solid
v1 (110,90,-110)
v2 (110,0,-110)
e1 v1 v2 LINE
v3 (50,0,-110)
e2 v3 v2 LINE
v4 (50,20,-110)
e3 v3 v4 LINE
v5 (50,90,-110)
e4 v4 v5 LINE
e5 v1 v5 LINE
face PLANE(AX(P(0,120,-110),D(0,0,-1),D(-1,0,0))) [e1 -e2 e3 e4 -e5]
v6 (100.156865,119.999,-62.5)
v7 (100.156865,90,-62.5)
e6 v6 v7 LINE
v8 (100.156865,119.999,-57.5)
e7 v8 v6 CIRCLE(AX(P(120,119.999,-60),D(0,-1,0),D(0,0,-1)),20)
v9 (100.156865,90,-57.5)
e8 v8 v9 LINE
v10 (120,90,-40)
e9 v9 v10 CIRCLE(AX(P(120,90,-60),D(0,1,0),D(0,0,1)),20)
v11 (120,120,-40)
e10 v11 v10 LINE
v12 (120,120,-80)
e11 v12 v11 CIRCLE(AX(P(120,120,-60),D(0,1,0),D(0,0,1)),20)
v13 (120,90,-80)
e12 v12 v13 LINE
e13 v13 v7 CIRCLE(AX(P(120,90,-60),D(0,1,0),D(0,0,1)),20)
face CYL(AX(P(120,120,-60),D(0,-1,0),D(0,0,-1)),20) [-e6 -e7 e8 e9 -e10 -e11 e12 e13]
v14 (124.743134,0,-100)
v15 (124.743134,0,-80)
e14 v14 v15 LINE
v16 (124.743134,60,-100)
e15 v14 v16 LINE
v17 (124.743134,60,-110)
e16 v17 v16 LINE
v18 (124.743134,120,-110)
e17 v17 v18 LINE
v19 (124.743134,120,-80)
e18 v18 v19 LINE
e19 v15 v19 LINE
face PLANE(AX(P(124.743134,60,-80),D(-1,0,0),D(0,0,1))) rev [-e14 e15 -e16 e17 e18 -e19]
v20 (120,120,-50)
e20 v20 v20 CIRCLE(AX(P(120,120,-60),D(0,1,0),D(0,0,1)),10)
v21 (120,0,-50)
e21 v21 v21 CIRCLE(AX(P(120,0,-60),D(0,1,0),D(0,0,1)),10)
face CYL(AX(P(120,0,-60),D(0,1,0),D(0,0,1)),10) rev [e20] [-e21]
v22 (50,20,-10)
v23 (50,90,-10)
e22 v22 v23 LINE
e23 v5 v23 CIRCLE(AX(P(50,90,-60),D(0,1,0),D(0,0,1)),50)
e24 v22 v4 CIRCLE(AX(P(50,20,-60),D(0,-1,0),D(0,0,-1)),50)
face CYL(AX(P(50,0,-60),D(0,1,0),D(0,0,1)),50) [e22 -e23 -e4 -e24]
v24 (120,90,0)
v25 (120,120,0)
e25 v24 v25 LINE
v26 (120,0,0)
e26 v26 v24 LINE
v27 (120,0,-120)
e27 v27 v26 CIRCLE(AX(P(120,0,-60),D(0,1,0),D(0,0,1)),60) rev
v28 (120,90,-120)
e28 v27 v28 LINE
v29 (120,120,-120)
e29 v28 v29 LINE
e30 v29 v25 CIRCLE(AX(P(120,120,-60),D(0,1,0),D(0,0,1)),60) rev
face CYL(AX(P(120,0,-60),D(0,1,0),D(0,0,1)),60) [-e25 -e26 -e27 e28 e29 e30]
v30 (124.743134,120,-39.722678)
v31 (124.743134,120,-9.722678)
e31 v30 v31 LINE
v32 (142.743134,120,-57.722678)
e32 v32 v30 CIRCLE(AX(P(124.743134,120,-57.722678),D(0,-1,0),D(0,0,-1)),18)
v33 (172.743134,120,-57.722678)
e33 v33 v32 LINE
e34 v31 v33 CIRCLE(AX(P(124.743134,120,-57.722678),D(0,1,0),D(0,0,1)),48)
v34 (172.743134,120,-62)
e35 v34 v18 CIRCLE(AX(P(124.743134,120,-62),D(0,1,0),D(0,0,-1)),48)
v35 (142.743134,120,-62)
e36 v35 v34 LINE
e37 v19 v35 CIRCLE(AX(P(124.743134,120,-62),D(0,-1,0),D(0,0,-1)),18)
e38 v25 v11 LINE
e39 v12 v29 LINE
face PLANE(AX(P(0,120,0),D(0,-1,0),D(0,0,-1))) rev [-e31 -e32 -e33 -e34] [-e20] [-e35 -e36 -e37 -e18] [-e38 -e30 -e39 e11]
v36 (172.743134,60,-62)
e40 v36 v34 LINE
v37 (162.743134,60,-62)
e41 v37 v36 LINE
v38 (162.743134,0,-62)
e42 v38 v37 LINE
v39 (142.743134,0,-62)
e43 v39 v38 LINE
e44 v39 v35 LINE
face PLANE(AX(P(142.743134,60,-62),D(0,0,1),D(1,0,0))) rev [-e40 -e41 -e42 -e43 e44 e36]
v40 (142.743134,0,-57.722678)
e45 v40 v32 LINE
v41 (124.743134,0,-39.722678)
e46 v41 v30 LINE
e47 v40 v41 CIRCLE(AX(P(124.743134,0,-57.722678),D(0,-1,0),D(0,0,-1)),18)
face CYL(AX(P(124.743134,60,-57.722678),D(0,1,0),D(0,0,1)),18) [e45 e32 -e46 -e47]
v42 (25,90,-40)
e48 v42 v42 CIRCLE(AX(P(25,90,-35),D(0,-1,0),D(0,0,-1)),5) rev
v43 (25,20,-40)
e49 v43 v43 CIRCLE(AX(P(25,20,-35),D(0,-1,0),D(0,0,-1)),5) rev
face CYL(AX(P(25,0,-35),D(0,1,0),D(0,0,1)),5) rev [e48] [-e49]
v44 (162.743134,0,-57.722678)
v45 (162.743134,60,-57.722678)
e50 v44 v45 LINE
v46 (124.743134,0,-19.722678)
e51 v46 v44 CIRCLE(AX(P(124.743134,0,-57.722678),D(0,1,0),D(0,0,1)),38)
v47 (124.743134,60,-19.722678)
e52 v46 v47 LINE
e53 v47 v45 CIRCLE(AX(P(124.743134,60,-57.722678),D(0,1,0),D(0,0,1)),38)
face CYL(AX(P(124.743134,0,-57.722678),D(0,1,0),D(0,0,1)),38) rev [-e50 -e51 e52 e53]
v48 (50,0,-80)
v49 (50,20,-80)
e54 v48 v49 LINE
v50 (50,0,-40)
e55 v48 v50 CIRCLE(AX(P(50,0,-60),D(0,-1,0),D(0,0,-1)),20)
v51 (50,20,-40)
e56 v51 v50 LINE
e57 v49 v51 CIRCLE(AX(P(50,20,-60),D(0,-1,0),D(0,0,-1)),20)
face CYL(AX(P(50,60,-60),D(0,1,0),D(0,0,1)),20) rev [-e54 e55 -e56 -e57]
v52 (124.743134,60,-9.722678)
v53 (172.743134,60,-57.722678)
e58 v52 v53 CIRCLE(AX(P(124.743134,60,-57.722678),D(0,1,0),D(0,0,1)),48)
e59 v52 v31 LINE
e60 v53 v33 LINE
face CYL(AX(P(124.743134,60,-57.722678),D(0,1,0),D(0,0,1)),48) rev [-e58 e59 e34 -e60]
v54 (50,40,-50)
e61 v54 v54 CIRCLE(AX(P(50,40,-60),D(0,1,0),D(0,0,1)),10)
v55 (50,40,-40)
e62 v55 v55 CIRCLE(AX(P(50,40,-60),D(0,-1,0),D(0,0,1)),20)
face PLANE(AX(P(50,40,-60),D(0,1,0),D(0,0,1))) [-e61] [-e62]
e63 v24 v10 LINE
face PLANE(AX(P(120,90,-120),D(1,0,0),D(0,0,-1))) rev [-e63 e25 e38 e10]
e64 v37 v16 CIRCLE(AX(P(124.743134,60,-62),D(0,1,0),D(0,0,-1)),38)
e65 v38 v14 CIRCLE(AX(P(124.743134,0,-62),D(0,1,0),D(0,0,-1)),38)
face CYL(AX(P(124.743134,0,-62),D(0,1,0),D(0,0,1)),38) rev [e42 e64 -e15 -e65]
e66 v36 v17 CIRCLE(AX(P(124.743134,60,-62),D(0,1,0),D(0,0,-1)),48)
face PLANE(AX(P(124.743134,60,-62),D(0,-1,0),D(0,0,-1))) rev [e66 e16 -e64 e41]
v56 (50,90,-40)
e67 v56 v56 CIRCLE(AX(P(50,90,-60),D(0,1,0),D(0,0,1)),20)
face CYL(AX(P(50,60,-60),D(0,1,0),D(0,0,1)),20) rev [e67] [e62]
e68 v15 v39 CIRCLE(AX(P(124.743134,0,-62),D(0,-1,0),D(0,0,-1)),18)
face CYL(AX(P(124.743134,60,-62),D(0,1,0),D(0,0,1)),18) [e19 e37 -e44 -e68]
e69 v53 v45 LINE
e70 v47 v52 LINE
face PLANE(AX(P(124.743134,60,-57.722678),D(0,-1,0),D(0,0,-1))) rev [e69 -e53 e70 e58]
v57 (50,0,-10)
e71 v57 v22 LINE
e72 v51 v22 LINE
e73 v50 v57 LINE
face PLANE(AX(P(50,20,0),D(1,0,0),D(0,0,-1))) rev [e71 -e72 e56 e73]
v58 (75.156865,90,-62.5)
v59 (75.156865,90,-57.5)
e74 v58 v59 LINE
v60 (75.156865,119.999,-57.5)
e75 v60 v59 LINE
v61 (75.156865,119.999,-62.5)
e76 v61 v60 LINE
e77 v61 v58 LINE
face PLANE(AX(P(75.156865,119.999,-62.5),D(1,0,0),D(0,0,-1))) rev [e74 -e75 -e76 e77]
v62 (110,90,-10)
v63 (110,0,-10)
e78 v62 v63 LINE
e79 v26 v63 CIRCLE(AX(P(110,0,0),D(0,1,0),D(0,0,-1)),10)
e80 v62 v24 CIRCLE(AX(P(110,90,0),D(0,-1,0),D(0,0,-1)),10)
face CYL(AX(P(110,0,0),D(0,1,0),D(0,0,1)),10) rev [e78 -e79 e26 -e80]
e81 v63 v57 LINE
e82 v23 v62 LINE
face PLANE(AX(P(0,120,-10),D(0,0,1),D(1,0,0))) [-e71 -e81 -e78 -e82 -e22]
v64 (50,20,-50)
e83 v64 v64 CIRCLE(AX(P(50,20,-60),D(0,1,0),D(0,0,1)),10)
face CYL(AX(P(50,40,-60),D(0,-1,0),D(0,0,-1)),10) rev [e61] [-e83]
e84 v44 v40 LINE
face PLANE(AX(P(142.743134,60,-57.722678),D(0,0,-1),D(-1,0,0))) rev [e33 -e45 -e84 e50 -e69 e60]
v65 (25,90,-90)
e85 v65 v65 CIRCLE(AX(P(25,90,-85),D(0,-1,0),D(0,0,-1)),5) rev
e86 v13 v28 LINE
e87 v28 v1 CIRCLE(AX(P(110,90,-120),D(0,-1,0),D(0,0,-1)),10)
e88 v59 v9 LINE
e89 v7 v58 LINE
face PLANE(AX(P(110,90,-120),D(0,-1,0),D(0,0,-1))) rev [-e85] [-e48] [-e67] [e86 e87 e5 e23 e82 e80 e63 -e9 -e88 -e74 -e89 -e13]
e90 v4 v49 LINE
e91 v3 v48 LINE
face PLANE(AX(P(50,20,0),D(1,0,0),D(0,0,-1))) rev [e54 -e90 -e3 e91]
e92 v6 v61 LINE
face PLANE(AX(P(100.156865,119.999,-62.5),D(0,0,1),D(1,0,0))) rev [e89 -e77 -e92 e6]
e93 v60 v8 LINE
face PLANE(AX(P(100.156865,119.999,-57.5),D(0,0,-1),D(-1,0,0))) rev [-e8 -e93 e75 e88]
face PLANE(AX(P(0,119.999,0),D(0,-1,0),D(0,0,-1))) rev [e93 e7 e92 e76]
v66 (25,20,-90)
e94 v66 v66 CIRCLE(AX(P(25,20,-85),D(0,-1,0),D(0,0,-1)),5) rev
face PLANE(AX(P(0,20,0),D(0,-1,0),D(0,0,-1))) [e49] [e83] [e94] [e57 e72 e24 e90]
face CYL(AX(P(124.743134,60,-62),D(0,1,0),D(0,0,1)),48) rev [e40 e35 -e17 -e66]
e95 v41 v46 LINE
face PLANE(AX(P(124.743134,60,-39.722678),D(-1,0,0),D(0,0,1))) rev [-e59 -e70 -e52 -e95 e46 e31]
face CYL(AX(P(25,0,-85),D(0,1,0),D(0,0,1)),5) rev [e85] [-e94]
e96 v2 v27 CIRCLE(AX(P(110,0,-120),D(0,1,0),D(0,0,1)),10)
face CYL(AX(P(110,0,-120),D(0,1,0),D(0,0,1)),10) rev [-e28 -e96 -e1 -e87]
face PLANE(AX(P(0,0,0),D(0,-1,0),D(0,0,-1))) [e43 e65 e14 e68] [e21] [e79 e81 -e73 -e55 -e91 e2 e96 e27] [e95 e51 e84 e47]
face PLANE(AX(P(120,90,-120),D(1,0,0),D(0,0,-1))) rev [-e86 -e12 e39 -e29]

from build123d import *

# Parameters (mm, degrees)
SKETCH1_W           = 180
SKETCH1_H           = 120
BOSS_EXTRUDE2_DEPTH = 120
SKETCH2_W           = 110
SKETCH2_H           = 10
CUT_EXTRUDE1_DEPTH  = 120
CUT_EXTRUDE2_DEPTH  = 120
CUT_EXTRUDE3_DEPTH  = 120
CUT_EXTRUDE4_DEPTH  = 120
SKETCH6_R           = 5
CUT_EXTRUDE5_DEPTH  = 120
SKETCH7_R           = 10
CUT_EXTRUDE6_DEPTH  = 120
CUT_EXTRUDE7_DEPTH  = 30
BOSS_EXTRUDE3_DEPTH = 30
CUT_EXTRUDE8_DEPTH  = 60
CUT_EXTRUDE9_DEPTH  = 60
CUT_EXTRUDE10_DEPTH = 60
CUT_EXTRUDE11_DEPTH = 60
SKETCH15_W          = 25
SKETCH15_H          = 5
BOSS_EXTRUDE5_DEPTH = 29.999
SKETCH16_R          = 10
CUT_EXTRUDE12_DEPTH = 125.999
SKETCH17_R          = 20
SKETCH17_R_2        = 10
CUT_EXTRUDE13_DEPTH = 30
SKETCH19_R          = 10
SKETCH19_R_2        = 5
CUT_EXTRUDE14_DEPTH = 20
SKETCH20_R          = 20
SKETCH20_R_2        = 10
CUT_EXTRUDE15_DEPTH = 84.461973219
BOSS_EXTRUDE6_DEPTH = 20
BOSS_EXTRUDE7_DEPTH = 20


with BuildPart() as part:
    # Sketch1 → Boss-Extrude2 (new body)
    with BuildSketch(Plane(origin=(0, 0, 0), x_dir=(1, 0, 0), z_dir=(0, 1, 0))):
        with Locations((90, 60)):
            Rectangle(SKETCH1_W, SKETCH1_H)
    extrude(amount=BOSS_EXTRUDE2_DEPTH)

    # Sketch2 → Cut-Extrude1 (cut)
    with BuildSketch(Plane(origin=(0, 0, 0), x_dir=(1, 0, 0), z_dir=(0, 1, 0))):
        with Locations((55, 115)):
            Rectangle(SKETCH2_W, SKETCH2_H)
        with Locations((55, 5)):
            Rectangle(SKETCH2_W, SKETCH2_H)
    extrude(amount=CUT_EXTRUDE1_DEPTH, mode=Mode.SUBTRACT)

    # Sketch3 → Cut-Extrude2 (cut)
    with BuildSketch(Plane(origin=(0, 120, 0), x_dir=(1, 0, 0), z_dir=(0, 1, 0))):
        with BuildLine():
            Line((110, 110), (110, 120))
            Line((110, 120), (120, 120))
            ThreePointArc((120, 120), (117.071067812, 112.928932188), (110, 110))
        make_face()
        with BuildLine():
            Line((120, 0), (110, 0))
            Line((110, 0), (110, 10))
            ThreePointArc((110, 10), (117.071067812, 7.071067812), (120, 0))
        make_face()
    extrude(amount=-CUT_EXTRUDE2_DEPTH, mode=Mode.SUBTRACT)

    # Sketch4 → Cut-Extrude3 (cut)
    with BuildSketch(Plane(origin=(0, 120, 0), x_dir=(1, 0, 0), z_dir=(0, 1, 0))):
        with BuildLine():
            Line((180, 120), (120, 120))
            ThreePointArc((120, 120), (162.426406871, 102.426406871), (180, 60))
            Line((180, 60), (180, 120))
        make_face()
        with BuildLine():
            Line((180, 0), (180, 60))
            ThreePointArc((180, 60), (162.426406871, 17.573593129), (120, 0))
            Line((120, 0), (180, 0))
        make_face()
    extrude(amount=-CUT_EXTRUDE3_DEPTH, mode=Mode.SUBTRACT)

    # Sketch5 → Cut-Extrude4 (cut)
    with BuildSketch(Plane(origin=(0, 120, 0), x_dir=(1, 0, 0), z_dir=(0, 1, 0))):
        with BuildLine():
            ThreePointArc((0, 59.999999737), (14.644660848, 95.355338966), (50, 110))
            Line((50, 110), (0, 110))
            Line((0, 110), (0, 59.999999737))
        make_face()
        with BuildLine():
            ThreePointArc((50, 10), (14.644661034, 24.644660848), (0, 59.999999737))
            Line((0, 59.999999737), (0, 10))
            Line((0, 10), (50, 10))
        make_face()
    extrude(amount=-CUT_EXTRUDE4_DEPTH, mode=Mode.SUBTRACT)

    # Sketch6 → Cut-Extrude5 (cut)
    with BuildSketch(Plane(origin=(0, 120, 0), x_dir=(1, 0, 0), z_dir=(0, 1, 0))):
        with Locations((25, 85)):
            Circle(SKETCH6_R)
        with Locations((25, 35)):
            Circle(SKETCH6_R)
    extrude(amount=-CUT_EXTRUDE5_DEPTH, mode=Mode.SUBTRACT)

    # Sketch7 → Cut-Extrude6 (cut)
    with BuildSketch(Plane(origin=(0, 120, 0), x_dir=(1, 0, 0), z_dir=(0, 1, 0))):
        with Locations((120, 60)):
            Circle(SKETCH7_R)
    extrude(amount=-CUT_EXTRUDE6_DEPTH, mode=Mode.SUBTRACT)

    # Sketch9 → Cut-Extrude7 (cut)
    with BuildSketch(Plane(origin=(0, 120, 0), x_dir=(1, 0, 0), z_dir=(0, 1, 0))):
        with BuildLine():
            Line((120, 120), (120, 0))
            ThreePointArc((120, 0), (117.071067812, 7.071067812), (110, 10))
            Line((110, 10), (50, 10))
            ThreePointArc((50, 10), (0, 60), (50, 110))
            Line((50, 110), (110, 110))
            ThreePointArc((110, 110), (117.071067812, 112.928932188), (120, 120))
        make_face()
    extrude(amount=-CUT_EXTRUDE7_DEPTH, mode=Mode.SUBTRACT)

    # Sketch10 → Boss-Extrude3 (add)
    with BuildSketch(Plane(origin=(0, 90, 0), x_dir=(1, 0, 0), z_dir=(0, 1, 0))):
        with BuildLine():
            Line((120, 70), (120, 80))
            ThreePointArc((120, 80), (100, 60), (120, 40))
            Line((120, 40), (120, 50))
            ThreePointArc((120, 50), (110, 60), (120, 70))
        make_face()
    extrude(amount=BOSS_EXTRUDE3_DEPTH)

    # Sketch11 → Cut-Extrude8 (cut)
    with BuildSketch(Plane(origin=(0, 120, 0), x_dir=(1, 0, 0), z_dir=(0, 1, 0))):
        with BuildLine():
            Line((124.743133772, 80), (124.743133772, 110))
            ThreePointArc((124.743133772, 110), (158.684259269, 95.941125497), (172.743133772, 62))
            Line((172.743133772, 62), (142.743133772, 62))
            ThreePointArc((142.743133772, 62), (137.471055833, 74.727922061), (124.743133772, 80))
        make_face()
    extrude(amount=-CUT_EXTRUDE8_DEPTH, mode=Mode.SUBTRACT)

    # Sketch12 → Cut-Extrude9 (cut)
    with BuildSketch(Plane(origin=(0, 120, 0), x_dir=(1, 0, 0), z_dir=(0, 1, 0))):
        with BuildLine():
            Line((124.743133772, 39.722678499), (124.743133772, 9.722678499))
            ThreePointArc((124.743133772, 9.722678499), (158.684259269, 23.781553002), (172.743133772, 57.722678499))
            Line((172.743133772, 57.722678499), (142.743133772, 57.722678499))
            ThreePointArc((142.743133772, 57.722678499), (137.471055833, 44.994756437), (124.743133772, 39.722678499))
        make_face()
    extrude(amount=-CUT_EXTRUDE9_DEPTH, mode=Mode.SUBTRACT)

    # Sketch13 → Cut-Extrude10 (cut)
    with BuildSketch(Plane(origin=(0, 60, 0), x_dir=(1, 0, 0), z_dir=(0, 1, 0))):
        with BuildLine():
            Line((124.743133772, 80), (124.743133772, 100))
            ThreePointArc((124.743133772, 100), (151.613191457, 88.870057685), (162.743133772, 62))
            Line((162.743133772, 62), (142.743133772, 62))
            ThreePointArc((142.743133772, 62), (137.471055833, 74.727922061), (124.743133772, 80))
        make_face()
    extrude(amount=-CUT_EXTRUDE10_DEPTH, mode=Mode.SUBTRACT)

    # Sketch14 → Cut-Extrude11 (cut)
    with BuildSketch(Plane(origin=(0, 60, 0), x_dir=(1, 0, 0), z_dir=(0, 1, 0))):
        with BuildLine():
            Line((124.743133772, 39.722678499), (124.743133772, 19.722678499))
            ThreePointArc((124.743133772, 19.722678499), (151.613191457, 30.852620814), (162.743133772, 57.722678499))
            Line((162.743133772, 57.722678499), (142.743133772, 57.722678499))
            ThreePointArc((142.743133772, 57.722678499), (137.471055833, 44.994756437), (124.743133772, 39.722678499))
        make_face()
    extrude(amount=-CUT_EXTRUDE11_DEPTH, mode=Mode.SUBTRACT)

    # Sketch15 → Boss-Extrude5 (add)
    with BuildSketch(Plane(origin=(0, 90, 0), x_dir=(1, 0, 0), z_dir=(0, 1, 0))):
        with Locations((87.656865167, 60)):
            Rectangle(SKETCH15_W, SKETCH15_H)
    extrude(amount=BOSS_EXTRUDE5_DEPTH)

    # Sketch16 → Cut-Extrude12 (cut)
    with BuildSketch(Plane(origin=(0, 90, 0), x_dir=(1, 0, 0), z_dir=(0, 1, 0))):
        with Locations((50, 60)):
            Circle(SKETCH16_R)
    extrude(amount=-CUT_EXTRUDE12_DEPTH, mode=Mode.SUBTRACT)

    # Sketch17 → Cut-Extrude13 (cut)
    with BuildSketch(Plane(origin=(0, 90, 0), x_dir=(1, 0, 0), z_dir=(0, 1, 0))):
        with Locations((50, 60)):
            Circle(SKETCH17_R)
        with Locations((50, 60)):
            Circle(SKETCH17_R_2, mode=Mode.SUBTRACT)
    extrude(amount=-CUT_EXTRUDE13_DEPTH, mode=Mode.SUBTRACT)

    # Sketch19 → Cut-Extrude14 (cut)
    with BuildSketch(Plane(origin=(0, 0, 0), x_dir=(-1, 0, 0), z_dir=(0, -1, 0))):
        with Locations((-50, 60)):
            Circle(SKETCH19_R)
        with BuildLine():
            Line((-50, 110), (-50, 10))
            ThreePointArc((-50, 10), (0, 60), (-50, 110))
        make_face()
        with Locations((-25, 35)):
            Circle(SKETCH19_R_2, mode=Mode.SUBTRACT)
        with Locations((-25, 85)):
            Circle(SKETCH19_R_2, mode=Mode.SUBTRACT)
    extrude(amount=-CUT_EXTRUDE14_DEPTH, mode=Mode.SUBTRACT)

    # Sketch20 → Cut-Extrude15 (cut)
    with BuildSketch(Plane(origin=(0, 60, 0), x_dir=(1, 0, 0), z_dir=(0, 1, 0))):
        with Locations((50, 60)):
            Circle(SKETCH20_R)
        with Locations((50, 60)):
            Circle(SKETCH20_R_2, mode=Mode.SUBTRACT)
    extrude(amount=-CUT_EXTRUDE15_DEPTH, mode=Mode.SUBTRACT)

    # Sketch21 → Boss-Extrude6 (add)
    with BuildSketch(Plane.XZ.offset(-20)):
        with BuildLine():
            Line((50, -70), (50, -80))
            ThreePointArc((50, -80), (30, -60), (50, -40))
            Line((50, -40), (50, -50))
            ThreePointArc((50, -50), (40, -60), (50, -70))
        make_face()
    extrude(amount=-BOSS_EXTRUDE6_DEPTH)

    # Sketch22 → Boss-Extrude7 (add)
    with BuildSketch(Plane.XZ.offset(-20)):
        with BuildLine():
            Line((50, -70), (50, -80))
            ThreePointArc((50, -80), (70, -60), (50, -40))
            Line((50, -40), (50, -50))
            ThreePointArc((50, -50), (60, -60), (50, -70))
        make_face()
    extrude(amount=-BOSS_EXTRUDE7_DEPTH)


solid = part.part
